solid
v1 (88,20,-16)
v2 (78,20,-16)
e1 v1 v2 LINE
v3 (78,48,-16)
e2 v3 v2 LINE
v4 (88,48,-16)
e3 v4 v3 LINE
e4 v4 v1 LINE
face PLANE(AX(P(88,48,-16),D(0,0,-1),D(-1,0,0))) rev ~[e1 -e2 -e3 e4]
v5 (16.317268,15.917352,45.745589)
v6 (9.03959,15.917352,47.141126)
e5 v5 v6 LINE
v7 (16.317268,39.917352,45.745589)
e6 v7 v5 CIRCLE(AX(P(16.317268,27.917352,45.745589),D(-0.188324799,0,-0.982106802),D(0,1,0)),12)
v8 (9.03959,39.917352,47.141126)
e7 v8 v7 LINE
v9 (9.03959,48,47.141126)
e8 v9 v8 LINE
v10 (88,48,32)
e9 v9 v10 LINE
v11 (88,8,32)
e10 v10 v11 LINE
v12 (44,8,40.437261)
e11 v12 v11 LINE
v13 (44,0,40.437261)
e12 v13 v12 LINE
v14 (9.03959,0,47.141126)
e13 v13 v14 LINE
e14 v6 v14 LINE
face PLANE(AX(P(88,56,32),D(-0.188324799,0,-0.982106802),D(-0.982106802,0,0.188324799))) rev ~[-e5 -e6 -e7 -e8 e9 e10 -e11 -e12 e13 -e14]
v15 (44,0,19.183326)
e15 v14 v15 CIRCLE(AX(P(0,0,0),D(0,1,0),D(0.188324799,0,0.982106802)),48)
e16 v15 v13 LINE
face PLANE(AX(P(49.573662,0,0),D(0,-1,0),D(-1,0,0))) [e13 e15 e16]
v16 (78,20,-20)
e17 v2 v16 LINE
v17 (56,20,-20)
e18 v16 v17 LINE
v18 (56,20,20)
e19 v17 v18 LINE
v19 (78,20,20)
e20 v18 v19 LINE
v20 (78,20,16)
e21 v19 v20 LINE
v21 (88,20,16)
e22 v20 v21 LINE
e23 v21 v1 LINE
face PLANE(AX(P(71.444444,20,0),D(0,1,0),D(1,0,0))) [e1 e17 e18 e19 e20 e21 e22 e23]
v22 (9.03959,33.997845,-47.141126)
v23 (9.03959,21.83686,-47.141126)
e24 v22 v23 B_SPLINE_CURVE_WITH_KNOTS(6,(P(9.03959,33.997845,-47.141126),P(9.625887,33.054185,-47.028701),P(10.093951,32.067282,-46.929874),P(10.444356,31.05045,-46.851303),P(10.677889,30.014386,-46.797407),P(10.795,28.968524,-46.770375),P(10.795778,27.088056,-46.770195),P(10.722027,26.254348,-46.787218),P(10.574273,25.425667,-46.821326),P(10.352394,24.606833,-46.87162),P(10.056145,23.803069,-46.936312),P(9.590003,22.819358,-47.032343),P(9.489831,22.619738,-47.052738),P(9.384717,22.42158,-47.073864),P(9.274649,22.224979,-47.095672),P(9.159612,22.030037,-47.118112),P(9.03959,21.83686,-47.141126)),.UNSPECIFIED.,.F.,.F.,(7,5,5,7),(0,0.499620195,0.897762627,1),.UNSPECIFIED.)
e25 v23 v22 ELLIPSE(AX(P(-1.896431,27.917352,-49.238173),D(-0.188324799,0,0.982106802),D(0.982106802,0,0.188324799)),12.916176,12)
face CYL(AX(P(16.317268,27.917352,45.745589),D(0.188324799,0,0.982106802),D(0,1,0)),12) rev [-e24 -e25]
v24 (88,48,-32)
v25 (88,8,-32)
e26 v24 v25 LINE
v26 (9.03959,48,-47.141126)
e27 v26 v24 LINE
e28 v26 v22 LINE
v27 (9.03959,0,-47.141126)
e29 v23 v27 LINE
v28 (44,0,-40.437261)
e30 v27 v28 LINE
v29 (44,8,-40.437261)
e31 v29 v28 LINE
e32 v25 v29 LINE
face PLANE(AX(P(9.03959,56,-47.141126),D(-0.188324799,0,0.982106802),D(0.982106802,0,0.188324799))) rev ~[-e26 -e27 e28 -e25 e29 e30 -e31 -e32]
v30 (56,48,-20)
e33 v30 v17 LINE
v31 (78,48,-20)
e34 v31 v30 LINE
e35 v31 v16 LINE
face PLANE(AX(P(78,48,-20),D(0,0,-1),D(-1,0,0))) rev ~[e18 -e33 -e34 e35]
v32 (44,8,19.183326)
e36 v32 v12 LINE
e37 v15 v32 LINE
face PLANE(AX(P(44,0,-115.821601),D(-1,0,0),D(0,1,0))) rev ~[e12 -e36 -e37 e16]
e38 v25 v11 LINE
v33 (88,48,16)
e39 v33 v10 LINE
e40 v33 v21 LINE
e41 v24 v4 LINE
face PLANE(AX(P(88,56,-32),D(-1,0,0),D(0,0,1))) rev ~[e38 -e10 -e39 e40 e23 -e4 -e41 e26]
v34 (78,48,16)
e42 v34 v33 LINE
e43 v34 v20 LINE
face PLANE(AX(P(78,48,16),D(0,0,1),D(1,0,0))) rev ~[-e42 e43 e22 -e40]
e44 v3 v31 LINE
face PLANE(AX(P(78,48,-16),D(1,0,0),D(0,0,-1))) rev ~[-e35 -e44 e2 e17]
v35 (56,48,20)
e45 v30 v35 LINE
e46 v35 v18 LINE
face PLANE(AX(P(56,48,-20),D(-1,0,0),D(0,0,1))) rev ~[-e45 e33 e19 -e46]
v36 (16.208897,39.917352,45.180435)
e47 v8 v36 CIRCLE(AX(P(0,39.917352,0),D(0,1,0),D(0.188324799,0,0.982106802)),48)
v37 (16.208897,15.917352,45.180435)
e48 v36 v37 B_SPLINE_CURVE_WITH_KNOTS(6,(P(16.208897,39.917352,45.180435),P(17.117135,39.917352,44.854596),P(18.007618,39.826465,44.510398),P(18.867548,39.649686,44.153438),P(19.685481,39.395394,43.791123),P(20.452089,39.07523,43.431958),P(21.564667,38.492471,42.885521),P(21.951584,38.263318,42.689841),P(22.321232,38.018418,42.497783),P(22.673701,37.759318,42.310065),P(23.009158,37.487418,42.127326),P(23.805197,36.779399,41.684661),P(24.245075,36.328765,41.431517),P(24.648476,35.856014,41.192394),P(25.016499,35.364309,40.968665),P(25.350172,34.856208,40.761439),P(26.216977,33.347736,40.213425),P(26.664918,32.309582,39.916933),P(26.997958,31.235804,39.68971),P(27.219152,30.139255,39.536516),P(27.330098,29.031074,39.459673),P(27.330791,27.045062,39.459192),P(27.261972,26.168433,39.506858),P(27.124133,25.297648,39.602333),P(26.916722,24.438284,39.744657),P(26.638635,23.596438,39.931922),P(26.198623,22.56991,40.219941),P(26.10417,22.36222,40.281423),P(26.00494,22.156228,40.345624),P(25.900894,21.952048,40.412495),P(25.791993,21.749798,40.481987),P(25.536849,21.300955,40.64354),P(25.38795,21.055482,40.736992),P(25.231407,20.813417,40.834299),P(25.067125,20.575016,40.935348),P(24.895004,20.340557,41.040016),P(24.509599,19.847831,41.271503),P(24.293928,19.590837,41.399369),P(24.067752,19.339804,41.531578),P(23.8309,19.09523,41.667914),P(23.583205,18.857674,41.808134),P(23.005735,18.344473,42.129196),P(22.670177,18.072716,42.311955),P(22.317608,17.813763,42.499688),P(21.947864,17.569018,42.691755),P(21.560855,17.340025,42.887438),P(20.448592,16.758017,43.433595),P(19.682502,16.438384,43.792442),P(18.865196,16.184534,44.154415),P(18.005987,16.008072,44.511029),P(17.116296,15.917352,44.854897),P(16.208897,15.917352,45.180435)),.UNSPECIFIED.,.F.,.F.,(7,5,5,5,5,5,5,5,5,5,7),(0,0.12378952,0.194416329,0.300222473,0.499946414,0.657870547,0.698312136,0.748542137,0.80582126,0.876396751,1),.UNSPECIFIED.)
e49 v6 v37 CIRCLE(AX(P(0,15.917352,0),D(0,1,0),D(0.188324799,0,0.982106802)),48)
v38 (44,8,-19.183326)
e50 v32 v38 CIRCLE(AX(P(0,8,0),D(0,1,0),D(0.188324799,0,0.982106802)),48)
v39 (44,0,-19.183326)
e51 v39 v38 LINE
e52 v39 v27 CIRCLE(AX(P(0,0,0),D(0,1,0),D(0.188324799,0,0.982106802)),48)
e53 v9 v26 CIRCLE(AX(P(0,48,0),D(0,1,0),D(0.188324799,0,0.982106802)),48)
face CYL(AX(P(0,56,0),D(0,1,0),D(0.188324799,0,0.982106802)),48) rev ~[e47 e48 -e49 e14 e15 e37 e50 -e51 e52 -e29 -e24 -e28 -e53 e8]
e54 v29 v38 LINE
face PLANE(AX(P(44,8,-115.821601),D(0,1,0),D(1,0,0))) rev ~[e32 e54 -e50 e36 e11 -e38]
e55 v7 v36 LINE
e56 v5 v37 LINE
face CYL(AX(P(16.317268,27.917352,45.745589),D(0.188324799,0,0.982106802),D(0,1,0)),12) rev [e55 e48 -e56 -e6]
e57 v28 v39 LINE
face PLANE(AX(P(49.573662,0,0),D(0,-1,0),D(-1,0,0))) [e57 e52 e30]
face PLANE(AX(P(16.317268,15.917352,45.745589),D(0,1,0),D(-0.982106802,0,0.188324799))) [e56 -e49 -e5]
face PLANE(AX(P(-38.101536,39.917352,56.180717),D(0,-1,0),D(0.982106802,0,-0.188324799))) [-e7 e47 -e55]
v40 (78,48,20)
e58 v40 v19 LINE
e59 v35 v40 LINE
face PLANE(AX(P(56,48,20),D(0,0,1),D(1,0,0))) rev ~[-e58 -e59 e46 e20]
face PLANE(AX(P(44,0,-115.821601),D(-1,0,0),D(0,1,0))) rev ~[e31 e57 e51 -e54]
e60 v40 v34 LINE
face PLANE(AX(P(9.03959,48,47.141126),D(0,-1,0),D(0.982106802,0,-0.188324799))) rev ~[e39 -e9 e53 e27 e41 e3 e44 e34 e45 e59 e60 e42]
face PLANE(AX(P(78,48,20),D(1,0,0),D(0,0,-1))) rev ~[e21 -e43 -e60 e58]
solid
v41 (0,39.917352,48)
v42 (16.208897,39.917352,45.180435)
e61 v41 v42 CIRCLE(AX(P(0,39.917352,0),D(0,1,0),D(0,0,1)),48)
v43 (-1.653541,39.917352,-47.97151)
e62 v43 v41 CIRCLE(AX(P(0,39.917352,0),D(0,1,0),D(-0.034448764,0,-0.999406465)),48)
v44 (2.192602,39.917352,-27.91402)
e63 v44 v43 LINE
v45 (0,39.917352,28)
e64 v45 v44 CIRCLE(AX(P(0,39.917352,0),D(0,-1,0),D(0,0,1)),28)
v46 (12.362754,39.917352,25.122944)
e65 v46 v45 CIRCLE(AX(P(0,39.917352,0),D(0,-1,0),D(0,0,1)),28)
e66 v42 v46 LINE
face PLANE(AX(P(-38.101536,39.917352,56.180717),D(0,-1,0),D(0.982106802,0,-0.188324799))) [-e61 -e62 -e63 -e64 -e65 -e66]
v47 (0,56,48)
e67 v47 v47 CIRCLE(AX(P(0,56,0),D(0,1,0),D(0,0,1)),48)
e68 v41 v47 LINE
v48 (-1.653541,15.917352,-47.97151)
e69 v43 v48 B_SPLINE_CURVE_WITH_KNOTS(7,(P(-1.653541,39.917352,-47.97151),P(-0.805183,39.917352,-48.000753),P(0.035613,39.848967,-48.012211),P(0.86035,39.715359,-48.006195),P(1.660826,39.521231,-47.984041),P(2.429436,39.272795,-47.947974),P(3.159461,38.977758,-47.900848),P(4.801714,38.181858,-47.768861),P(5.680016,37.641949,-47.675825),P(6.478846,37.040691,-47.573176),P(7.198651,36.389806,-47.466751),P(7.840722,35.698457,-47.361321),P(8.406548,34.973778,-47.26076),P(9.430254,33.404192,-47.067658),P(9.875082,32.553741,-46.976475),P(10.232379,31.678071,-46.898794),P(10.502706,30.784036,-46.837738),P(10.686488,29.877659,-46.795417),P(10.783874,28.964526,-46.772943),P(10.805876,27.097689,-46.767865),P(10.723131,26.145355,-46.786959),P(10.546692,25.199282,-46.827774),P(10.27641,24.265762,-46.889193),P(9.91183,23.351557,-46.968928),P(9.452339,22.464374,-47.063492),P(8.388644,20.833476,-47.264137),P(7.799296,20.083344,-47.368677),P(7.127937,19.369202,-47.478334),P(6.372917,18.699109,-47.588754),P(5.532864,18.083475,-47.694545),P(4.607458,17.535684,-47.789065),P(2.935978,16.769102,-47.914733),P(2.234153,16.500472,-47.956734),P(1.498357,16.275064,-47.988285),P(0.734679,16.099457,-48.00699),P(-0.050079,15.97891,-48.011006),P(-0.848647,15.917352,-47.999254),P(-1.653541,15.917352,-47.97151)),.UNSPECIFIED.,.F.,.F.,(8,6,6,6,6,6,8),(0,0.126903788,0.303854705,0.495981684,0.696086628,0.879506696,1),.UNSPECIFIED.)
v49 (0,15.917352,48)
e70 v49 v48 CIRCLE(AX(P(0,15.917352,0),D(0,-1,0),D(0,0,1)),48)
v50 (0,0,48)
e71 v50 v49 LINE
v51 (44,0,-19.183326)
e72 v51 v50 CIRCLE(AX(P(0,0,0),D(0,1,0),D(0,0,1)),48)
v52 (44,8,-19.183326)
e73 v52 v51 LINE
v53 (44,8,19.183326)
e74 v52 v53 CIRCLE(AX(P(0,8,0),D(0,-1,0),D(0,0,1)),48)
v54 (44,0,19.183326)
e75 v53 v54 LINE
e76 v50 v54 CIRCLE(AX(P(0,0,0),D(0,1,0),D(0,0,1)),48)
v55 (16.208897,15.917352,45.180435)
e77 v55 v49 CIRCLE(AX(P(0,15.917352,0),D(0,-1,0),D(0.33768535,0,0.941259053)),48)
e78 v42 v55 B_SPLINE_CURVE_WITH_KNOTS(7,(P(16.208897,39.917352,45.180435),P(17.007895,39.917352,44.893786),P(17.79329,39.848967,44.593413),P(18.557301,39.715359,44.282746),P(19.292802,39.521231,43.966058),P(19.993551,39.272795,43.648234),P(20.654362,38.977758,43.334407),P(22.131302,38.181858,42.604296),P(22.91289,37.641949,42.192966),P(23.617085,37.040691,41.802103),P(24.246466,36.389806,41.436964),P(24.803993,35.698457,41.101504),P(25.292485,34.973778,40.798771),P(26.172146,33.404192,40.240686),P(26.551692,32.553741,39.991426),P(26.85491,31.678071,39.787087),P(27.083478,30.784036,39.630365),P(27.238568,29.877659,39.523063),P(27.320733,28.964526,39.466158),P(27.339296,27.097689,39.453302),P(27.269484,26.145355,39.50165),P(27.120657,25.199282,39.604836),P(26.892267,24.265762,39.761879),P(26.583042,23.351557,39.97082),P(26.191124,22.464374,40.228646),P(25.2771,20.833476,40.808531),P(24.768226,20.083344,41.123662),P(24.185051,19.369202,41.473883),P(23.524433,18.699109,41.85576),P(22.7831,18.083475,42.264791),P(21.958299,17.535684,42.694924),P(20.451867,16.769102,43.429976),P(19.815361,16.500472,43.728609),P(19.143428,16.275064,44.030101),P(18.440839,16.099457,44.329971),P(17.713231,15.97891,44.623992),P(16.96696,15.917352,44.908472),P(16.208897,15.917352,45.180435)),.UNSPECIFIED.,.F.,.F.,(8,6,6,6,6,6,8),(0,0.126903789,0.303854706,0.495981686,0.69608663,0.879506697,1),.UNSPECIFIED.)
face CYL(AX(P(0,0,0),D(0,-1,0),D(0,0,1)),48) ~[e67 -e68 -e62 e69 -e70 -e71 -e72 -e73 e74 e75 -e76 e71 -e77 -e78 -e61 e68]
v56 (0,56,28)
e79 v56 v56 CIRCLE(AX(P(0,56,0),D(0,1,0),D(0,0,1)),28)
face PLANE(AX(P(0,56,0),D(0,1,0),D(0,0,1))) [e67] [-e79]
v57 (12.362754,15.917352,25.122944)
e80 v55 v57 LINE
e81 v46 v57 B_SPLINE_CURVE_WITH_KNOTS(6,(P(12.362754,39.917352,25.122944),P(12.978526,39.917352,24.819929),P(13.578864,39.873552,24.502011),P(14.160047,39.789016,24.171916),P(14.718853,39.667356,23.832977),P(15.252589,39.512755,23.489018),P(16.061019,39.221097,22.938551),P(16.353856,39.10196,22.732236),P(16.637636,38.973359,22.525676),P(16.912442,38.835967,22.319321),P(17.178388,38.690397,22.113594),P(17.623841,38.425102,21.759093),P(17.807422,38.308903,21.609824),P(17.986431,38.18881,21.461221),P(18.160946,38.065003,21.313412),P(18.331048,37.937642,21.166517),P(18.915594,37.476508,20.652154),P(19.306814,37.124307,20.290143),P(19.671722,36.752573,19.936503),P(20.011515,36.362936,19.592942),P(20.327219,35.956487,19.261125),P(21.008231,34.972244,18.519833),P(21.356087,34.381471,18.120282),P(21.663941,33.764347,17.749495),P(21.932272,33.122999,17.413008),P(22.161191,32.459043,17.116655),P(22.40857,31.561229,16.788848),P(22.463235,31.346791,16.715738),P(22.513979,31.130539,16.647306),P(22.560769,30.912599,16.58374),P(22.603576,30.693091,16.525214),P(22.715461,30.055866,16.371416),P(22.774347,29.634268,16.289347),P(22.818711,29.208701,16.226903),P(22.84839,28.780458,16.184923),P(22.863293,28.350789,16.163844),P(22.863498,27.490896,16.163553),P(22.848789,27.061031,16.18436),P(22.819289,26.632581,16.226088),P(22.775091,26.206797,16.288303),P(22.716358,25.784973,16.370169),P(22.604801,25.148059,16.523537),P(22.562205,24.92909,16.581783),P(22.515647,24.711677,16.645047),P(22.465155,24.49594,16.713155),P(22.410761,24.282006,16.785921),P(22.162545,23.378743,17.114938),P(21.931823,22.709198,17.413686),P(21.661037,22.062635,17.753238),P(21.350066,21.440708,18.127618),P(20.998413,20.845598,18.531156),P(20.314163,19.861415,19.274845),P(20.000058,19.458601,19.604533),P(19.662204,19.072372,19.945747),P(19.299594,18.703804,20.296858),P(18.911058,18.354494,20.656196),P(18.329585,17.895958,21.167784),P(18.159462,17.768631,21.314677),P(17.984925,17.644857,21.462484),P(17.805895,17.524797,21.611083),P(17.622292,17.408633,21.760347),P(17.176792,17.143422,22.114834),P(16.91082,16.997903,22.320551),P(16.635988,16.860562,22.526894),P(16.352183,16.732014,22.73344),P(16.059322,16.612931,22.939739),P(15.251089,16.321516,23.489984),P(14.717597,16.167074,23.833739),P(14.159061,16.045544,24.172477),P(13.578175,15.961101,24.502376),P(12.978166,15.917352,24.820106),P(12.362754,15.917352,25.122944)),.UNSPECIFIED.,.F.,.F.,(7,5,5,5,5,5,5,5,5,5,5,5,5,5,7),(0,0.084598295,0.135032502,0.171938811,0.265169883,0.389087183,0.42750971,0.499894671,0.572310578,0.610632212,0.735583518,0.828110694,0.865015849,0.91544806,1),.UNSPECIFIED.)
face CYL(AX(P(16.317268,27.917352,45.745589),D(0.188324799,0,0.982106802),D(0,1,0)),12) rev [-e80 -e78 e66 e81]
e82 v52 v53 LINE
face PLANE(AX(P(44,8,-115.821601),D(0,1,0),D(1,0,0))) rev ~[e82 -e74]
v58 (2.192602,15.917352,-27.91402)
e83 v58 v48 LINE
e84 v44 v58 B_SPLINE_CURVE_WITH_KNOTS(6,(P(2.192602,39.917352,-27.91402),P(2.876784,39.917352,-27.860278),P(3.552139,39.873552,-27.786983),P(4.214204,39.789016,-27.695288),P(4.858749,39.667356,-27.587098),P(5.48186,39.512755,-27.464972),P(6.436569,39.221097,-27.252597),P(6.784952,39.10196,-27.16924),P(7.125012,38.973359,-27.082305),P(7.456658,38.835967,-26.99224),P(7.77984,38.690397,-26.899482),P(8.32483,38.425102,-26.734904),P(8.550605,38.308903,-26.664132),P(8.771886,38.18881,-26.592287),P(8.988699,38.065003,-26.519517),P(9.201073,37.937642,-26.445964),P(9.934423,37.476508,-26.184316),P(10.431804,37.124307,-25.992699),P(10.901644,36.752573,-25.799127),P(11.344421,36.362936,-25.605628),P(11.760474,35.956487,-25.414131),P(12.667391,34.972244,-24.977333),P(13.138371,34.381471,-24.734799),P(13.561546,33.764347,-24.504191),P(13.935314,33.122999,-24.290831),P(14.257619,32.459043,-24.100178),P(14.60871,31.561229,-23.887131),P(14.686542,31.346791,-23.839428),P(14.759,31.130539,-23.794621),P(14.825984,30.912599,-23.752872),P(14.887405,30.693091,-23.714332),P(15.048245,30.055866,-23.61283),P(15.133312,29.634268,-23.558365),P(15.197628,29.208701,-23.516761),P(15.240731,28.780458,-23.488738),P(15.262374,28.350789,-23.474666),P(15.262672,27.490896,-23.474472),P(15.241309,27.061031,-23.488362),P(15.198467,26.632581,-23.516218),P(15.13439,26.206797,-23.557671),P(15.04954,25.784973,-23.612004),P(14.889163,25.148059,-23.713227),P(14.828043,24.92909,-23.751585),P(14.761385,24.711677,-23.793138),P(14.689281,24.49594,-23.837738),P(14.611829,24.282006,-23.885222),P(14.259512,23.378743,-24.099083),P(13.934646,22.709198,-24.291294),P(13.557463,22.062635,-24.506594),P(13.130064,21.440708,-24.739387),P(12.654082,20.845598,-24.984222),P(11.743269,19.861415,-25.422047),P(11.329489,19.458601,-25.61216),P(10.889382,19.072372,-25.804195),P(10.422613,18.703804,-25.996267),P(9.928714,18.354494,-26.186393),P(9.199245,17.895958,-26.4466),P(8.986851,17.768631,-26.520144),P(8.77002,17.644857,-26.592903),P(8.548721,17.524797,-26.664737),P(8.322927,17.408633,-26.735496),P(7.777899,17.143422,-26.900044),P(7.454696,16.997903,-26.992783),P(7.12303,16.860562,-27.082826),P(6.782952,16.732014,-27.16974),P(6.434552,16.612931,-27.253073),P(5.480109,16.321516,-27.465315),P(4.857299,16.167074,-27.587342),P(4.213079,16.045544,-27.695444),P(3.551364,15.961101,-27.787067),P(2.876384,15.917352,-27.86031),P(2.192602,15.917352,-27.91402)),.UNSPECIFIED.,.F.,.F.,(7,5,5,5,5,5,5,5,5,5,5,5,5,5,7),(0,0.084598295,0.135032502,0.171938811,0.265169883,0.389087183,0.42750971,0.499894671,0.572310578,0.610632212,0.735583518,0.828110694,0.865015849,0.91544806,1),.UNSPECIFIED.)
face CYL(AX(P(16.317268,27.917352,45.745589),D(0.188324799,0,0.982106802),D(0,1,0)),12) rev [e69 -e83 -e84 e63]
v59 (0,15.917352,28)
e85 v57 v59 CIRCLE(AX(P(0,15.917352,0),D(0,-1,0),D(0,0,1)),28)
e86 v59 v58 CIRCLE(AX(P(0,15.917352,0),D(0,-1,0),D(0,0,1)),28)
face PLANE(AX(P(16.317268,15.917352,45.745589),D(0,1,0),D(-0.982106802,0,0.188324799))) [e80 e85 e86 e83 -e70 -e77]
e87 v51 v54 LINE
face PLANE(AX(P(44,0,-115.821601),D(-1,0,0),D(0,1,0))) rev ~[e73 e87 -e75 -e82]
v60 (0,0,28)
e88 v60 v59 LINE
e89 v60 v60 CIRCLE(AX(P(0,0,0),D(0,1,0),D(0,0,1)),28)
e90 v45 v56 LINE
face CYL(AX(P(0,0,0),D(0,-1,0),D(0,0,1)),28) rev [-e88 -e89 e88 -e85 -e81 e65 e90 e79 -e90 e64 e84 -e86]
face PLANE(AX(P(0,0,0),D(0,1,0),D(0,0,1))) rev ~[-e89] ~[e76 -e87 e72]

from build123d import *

# Parameters (mm, degrees)
SKETCH_1_R               = 48
SKETCH_1_R_2             = 28
EXTRUDE_1_DEPTH          = 56
EXTRUDE_3_DEPTH          = 56
CUT_EXTRUDE_1_REACH      = 137.73
SKETCH_3_W               = 92.45179213
SKETCH_3_H               = 8
CUT_EXTRUDE_2_DEPTH      = 28
CUT_EXTRUDE_8_DEPTH      = 136.729806001
CUT_EXTRUDE_9_DEPTH      = 115.821600846
CUT_EXTRUDE_9_DEPTH_BACK = 115.821600846
SKETCH_12_W              = 44
SKETCH_12_H              = 8


with BuildPart() as part:
    # 草圖1 → 填料-伸長1 (new body)
    with BuildSketch(Plane(origin=(0, 0, 0), x_dir=(1, 0, 0), z_dir=(0, 1, 0))):
        with Locations(Location((0, 0, 0), (0, 0, 270))):
            Circle(SKETCH_1_R)
        with Locations(Location((0, 0, 0), (0, 0, 270))):
            Circle(SKETCH_1_R_2, mode=Mode.SUBTRACT)
    extrude(amount=EXTRUDE_1_DEPTH)


with BuildPart() as body_2:
    # 草圖2 → 填料-伸長3 (new body)
    with BuildSketch(Plane(origin=(0, 56, 0), x_dir=(1, 0, 0), z_dir=(0, 1, 0))):
        with BuildLine():
            Line((88, 32), (88, -32))
            Line((88, -32), (9.03959037, -47.141126481))
            ThreePointArc((9.03959037, -47.141126481), (48, 0), (9.03959037, 47.141126481))
            Line((9.03959037, 47.141126481), (88, 32))
        make_face()
    extrude(amount=-EXTRUDE_3_DEPTH)

    # 除料-伸長1: up to this plane
    cut_extrude_1_end = Plane(origin=(88, 0, -32), z_dir=(0.18832479938333163, 0, -0.9821068016958379))
    # 草圖3 → 除料-伸長1 (cut, up to the surface)
    with BuildSketch(Plane(origin=(9.03959037, 0, 47.141126481), x_dir=(0.9821068016958379, 0, -0.18832479938333163), z_dir=(0.18832479938333163, 0, 0.9821068016958379)), mode=Mode.PRIVATE) as cut_extrude_1_sk1:
        with Locations((46.225896065, 52)):
            Rectangle(SKETCH_3_W, SKETCH_3_H)
    cut_extrude_1_tool1 = split(extrude(cut_extrude_1_sk1.sketch, amount=-CUT_EXTRUDE_1_REACH, mode=Mode.PRIVATE), bisect_by=cut_extrude_1_end, keep=Keep.BOTH, mode=Mode.PRIVATE)
    add(cut_extrude_1_tool1.solids().sort_by_distance((54.438357, 52, 38.435644))[0], mode=Mode.SUBTRACT)

    # 草圖4 → 除料-伸長2 (cut)
    with BuildSketch(Plane(origin=(0, 48, 0), x_dir=(1, 0, 0), z_dir=(0, 1, 0))):
        Polygon((88, 16), (78, 16), (78, 20), (56, 20), (56, -20), (78, -20), (78, -16), (88, -16), align=None)
    extrude(amount=-CUT_EXTRUDE_2_DEPTH, mode=Mode.SUBTRACT)


with BuildPart() as cut_extrude_8_tool:
    # 草圖5 → 除料-伸長8 (new, through all)
    with BuildSketch(Plane(origin=(9.03959037, 0, 47.141126481), x_dir=(0.9821068016958379, 0, -0.18832479938333163), z_dir=(0.18832479938333163, 0, 0.9821068016958379))):
        with BuildLine():
            Line((-48, 39.917352267), (7.410271533, 39.917352267))
            ThreePointArc((7.410271533, 39.917352267), (19.410271533, 27.917352267), (7.410271533, 15.917352267))
            Line((7.410271533, 15.917352267), (-48, 15.917352267))
            Line((-48, 15.917352267), (-48, 39.917352267))
        make_face()
    extrude(amount=-CUT_EXTRUDE_8_DEPTH)


with BuildPart() as part_1:
    add(part.part)

    # 除料-伸長8: cut by cut_extrude_8_tool
    add(cut_extrude_8_tool.part, mode=Mode.SUBTRACT)


with BuildPart() as body_2_1:
    add(body_2.part)

    # 除料-伸長8: cut by cut_extrude_8_tool
    add(cut_extrude_8_tool.part, mode=Mode.SUBTRACT)


with BuildPart() as cut_extrude_9_tool:
    # 草圖12 → 除料-伸長9 (new, two sides: drawn at the far end of the back side and taken through both)
    with BuildSketch(Plane.XY.offset(-CUT_EXTRUDE_9_DEPTH_BACK)):
        with Locations((66, 4)):
            Rectangle(SKETCH_12_W, SKETCH_12_H)
    extrude(amount=CUT_EXTRUDE_9_DEPTH + CUT_EXTRUDE_9_DEPTH_BACK)


with BuildPart() as part_2:
    add(part_1.part)

    # 除料-伸長9: cut by cut_extrude_9_tool
    add(cut_extrude_9_tool.part, mode=Mode.SUBTRACT)


with BuildPart() as body_2_2:
    add(body_2_1.part)

    # 除料-伸長9: cut by cut_extrude_9_tool
    add(cut_extrude_9_tool.part, mode=Mode.SUBTRACT)


solid = Compound([part_2.part, body_2_2.part])
